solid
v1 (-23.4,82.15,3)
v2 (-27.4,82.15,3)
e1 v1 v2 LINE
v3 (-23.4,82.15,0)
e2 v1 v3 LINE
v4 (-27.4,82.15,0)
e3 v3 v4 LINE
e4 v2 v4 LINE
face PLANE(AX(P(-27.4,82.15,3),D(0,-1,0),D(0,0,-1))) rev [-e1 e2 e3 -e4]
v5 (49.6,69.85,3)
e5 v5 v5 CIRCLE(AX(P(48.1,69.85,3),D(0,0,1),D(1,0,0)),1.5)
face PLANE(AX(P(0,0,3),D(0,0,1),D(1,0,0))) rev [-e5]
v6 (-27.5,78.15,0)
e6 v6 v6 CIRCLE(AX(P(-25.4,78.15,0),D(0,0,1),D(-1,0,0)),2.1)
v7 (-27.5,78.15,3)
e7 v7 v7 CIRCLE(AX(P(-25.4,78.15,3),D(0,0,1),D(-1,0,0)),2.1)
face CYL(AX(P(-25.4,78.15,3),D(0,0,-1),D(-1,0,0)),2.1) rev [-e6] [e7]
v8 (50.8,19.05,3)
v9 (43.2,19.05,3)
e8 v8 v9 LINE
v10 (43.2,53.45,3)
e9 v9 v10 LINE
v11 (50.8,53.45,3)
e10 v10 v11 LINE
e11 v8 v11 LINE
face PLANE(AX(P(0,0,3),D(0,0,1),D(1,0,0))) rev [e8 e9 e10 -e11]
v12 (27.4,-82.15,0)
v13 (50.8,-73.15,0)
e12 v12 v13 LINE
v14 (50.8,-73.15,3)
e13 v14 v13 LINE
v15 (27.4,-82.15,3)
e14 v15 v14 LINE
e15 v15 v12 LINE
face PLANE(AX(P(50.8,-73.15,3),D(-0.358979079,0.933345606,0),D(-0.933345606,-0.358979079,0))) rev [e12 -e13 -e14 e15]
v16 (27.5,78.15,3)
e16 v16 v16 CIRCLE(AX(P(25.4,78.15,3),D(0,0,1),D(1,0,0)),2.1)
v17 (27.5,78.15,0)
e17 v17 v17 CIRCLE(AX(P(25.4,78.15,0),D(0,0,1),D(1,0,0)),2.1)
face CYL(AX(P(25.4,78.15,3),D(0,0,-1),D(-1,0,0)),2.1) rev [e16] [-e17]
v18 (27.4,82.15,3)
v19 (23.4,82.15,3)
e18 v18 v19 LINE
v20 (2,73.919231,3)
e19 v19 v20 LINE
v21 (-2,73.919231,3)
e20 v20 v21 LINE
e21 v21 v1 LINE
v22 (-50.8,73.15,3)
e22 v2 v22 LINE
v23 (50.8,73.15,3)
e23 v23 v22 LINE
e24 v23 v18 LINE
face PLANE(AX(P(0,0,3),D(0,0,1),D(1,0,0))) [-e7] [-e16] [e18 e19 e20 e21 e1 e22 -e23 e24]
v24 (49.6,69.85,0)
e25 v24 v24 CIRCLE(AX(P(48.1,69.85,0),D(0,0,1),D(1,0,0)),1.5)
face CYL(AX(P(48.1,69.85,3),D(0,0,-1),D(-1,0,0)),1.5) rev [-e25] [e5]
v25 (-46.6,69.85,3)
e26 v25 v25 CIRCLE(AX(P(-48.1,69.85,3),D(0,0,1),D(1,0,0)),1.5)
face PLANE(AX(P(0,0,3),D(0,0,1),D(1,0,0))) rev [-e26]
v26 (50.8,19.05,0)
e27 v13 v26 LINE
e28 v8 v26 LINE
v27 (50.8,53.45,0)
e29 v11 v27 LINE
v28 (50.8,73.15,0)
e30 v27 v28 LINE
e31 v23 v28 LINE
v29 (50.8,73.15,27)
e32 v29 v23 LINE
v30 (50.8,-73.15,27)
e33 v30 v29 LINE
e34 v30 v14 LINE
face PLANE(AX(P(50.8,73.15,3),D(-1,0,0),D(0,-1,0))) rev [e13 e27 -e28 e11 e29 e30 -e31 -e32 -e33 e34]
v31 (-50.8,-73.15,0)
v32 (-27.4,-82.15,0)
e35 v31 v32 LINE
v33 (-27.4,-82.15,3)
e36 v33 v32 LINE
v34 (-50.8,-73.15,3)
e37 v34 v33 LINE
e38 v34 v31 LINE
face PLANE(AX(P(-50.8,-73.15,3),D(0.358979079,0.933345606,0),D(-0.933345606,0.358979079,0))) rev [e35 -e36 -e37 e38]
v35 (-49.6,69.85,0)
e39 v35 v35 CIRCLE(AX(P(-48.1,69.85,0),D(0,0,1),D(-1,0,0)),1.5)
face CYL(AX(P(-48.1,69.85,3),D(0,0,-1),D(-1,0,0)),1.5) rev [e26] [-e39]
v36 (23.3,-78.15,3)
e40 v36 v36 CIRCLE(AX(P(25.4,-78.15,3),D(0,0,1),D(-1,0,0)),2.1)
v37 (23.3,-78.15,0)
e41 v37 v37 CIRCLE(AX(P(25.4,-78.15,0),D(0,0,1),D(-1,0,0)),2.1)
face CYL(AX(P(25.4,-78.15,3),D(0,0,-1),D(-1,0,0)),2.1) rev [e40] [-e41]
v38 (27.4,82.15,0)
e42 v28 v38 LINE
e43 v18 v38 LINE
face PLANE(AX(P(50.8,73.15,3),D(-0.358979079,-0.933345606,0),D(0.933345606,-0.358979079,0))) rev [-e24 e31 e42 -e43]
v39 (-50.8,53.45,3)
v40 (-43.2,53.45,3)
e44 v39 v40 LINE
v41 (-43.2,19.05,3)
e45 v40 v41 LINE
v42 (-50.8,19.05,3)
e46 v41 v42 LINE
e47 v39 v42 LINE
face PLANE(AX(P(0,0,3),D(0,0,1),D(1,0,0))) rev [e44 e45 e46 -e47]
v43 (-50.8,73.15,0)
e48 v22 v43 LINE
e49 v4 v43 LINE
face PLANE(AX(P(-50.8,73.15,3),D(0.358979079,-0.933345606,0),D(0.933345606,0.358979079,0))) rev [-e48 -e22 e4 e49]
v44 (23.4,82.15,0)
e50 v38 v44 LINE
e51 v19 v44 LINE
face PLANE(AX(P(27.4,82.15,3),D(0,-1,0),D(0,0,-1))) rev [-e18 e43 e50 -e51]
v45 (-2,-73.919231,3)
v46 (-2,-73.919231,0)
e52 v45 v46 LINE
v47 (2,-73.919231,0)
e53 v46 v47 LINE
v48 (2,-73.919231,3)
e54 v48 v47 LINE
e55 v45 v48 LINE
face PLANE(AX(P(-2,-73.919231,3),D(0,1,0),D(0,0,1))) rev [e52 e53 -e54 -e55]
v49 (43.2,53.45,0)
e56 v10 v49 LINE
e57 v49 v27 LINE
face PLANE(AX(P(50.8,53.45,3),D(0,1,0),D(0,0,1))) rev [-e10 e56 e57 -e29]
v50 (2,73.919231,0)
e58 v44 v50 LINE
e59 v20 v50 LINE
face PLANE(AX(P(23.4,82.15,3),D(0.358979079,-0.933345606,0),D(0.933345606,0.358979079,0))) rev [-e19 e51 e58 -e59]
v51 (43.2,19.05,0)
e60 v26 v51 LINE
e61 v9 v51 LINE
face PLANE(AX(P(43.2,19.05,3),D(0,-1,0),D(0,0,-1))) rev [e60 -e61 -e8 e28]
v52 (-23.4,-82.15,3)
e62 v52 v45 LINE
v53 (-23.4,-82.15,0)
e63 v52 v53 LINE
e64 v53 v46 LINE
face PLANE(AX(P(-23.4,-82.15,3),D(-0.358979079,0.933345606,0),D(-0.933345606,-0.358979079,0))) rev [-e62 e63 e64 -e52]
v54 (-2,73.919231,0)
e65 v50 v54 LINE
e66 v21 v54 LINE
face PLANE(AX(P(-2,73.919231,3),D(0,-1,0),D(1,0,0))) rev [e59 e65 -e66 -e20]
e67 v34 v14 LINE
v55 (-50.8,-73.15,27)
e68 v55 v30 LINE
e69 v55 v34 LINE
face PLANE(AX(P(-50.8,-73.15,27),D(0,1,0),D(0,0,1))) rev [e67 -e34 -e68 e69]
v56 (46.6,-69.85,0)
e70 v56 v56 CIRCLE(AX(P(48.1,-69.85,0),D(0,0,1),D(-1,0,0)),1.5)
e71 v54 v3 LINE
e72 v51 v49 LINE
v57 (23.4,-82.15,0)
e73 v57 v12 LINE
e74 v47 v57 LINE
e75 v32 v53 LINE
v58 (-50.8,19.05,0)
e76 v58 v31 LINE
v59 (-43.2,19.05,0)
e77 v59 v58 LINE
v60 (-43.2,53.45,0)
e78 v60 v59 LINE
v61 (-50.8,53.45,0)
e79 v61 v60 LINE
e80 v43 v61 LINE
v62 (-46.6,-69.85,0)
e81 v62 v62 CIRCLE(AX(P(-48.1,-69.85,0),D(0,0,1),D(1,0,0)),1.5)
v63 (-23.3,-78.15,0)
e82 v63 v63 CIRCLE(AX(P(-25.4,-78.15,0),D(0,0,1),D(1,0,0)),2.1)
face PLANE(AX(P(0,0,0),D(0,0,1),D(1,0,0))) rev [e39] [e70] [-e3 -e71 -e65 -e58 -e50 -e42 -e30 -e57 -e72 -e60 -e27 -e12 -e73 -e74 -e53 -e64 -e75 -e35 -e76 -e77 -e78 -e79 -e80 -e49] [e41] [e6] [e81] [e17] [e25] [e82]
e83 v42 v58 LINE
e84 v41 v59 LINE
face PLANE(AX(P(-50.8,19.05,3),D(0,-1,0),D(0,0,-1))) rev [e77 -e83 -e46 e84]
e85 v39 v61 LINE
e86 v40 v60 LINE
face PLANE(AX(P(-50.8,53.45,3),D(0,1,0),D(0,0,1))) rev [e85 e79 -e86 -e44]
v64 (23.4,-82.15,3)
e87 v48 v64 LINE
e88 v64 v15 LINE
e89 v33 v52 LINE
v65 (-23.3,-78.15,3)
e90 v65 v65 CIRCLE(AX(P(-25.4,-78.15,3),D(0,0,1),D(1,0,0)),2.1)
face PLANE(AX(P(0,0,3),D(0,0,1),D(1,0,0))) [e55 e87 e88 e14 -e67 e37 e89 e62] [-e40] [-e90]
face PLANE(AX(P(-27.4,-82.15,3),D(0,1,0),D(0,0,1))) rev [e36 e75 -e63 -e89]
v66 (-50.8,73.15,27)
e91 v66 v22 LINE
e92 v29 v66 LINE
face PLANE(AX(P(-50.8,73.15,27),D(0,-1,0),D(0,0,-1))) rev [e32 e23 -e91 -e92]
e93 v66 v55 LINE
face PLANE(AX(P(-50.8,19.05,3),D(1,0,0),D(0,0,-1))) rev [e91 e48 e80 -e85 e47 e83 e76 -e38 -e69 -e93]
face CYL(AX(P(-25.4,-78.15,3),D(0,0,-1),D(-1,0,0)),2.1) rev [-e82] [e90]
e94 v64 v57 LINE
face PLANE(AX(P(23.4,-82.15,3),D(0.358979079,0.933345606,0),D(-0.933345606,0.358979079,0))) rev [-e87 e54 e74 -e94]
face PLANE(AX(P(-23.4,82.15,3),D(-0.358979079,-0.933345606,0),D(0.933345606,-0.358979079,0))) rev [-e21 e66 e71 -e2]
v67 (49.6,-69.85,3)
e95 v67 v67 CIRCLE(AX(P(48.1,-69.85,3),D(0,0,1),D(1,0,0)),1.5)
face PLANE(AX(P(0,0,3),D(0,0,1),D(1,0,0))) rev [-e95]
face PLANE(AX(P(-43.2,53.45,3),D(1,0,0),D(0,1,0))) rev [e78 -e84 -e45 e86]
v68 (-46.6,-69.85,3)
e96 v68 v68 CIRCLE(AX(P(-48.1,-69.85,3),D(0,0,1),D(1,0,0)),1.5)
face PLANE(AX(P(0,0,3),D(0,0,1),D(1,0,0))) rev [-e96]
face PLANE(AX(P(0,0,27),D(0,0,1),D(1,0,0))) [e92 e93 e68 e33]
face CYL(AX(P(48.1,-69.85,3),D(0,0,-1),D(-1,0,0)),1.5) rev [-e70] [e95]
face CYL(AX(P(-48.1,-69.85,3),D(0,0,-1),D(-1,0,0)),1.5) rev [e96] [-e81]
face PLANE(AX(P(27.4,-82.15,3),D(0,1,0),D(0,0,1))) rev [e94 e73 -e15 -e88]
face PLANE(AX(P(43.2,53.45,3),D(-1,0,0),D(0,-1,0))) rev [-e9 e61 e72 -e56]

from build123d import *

# Parameters (mm, degrees)
ESQUISSE1_R        = 2.1
ESQUISSE1_R_2      = 1.5
BOSS_EXTRU_1_DEPTH = 3
ESQUISSE2_W        = 101.6
ESQUISSE2_H        = 146.3
BOSS_EXTRU_2_DEPTH = 24


with BuildPart() as part:
    # Esquisse1 → Boss.-Extru.1 (new body)
    with BuildSketch(Plane.XY):
        Polygon((-50.8, 73.15), (-27.4, 82.15), (-23.4, 82.15), (-2, 73.919230769), (2, 73.919230769), (23.4, 82.15), (27.4, 82.15), (50.8, 73.15), (50.8, 53.45), (43.2, 53.45), (43.2, 19.05), (50.8, 19.05), (50.8, -73.15), (27.4, -82.15), (23.4, -82.15), (2, -73.919230769), (-2, -73.919230769), (-23.4, -82.15), (-27.4, -82.15), (-50.8, -73.15), (-50.8, 19.05), (-43.2, 19.05), (-43.2, 53.45), (-50.8, 53.45), align=None)
        with Locations((-25.4, -78.15)):
            Circle(ESQUISSE1_R, mode=Mode.SUBTRACT)
        with Locations(Location((25.4, -78.15, 0), (0, 0, 180))):
            Circle(ESQUISSE1_R, mode=Mode.SUBTRACT)
        with Locations(Location((-25.4, 78.15, 0), (0, 0, 180))):
            Circle(ESQUISSE1_R, mode=Mode.SUBTRACT)
        with Locations((25.4, 78.15)):
            Circle(ESQUISSE1_R, mode=Mode.SUBTRACT)
        with Locations((-48.1, -69.85)):
            Circle(ESQUISSE1_R_2, mode=Mode.SUBTRACT)
        with Locations(Location((48.1, -69.85, 0), (0, 0, 180))):
            Circle(ESQUISSE1_R_2, mode=Mode.SUBTRACT)
        with Locations(Location((-48.1, 69.85, 0), (0, 0, 180))):
            Circle(ESQUISSE1_R_2, mode=Mode.SUBTRACT)
        with Locations((48.1, 69.85)):
            Circle(ESQUISSE1_R_2, mode=Mode.SUBTRACT)
    extrude(amount=BOSS_EXTRU_1_DEPTH)

    # Esquisse2 → Boss.-Extru.2 (add)
    with BuildSketch(Plane.XY.offset(3)):
        Rectangle(ESQUISSE2_W, ESQUISSE2_H)
    extrude(amount=BOSS_EXTRU_2_DEPTH)


solid = part.part
